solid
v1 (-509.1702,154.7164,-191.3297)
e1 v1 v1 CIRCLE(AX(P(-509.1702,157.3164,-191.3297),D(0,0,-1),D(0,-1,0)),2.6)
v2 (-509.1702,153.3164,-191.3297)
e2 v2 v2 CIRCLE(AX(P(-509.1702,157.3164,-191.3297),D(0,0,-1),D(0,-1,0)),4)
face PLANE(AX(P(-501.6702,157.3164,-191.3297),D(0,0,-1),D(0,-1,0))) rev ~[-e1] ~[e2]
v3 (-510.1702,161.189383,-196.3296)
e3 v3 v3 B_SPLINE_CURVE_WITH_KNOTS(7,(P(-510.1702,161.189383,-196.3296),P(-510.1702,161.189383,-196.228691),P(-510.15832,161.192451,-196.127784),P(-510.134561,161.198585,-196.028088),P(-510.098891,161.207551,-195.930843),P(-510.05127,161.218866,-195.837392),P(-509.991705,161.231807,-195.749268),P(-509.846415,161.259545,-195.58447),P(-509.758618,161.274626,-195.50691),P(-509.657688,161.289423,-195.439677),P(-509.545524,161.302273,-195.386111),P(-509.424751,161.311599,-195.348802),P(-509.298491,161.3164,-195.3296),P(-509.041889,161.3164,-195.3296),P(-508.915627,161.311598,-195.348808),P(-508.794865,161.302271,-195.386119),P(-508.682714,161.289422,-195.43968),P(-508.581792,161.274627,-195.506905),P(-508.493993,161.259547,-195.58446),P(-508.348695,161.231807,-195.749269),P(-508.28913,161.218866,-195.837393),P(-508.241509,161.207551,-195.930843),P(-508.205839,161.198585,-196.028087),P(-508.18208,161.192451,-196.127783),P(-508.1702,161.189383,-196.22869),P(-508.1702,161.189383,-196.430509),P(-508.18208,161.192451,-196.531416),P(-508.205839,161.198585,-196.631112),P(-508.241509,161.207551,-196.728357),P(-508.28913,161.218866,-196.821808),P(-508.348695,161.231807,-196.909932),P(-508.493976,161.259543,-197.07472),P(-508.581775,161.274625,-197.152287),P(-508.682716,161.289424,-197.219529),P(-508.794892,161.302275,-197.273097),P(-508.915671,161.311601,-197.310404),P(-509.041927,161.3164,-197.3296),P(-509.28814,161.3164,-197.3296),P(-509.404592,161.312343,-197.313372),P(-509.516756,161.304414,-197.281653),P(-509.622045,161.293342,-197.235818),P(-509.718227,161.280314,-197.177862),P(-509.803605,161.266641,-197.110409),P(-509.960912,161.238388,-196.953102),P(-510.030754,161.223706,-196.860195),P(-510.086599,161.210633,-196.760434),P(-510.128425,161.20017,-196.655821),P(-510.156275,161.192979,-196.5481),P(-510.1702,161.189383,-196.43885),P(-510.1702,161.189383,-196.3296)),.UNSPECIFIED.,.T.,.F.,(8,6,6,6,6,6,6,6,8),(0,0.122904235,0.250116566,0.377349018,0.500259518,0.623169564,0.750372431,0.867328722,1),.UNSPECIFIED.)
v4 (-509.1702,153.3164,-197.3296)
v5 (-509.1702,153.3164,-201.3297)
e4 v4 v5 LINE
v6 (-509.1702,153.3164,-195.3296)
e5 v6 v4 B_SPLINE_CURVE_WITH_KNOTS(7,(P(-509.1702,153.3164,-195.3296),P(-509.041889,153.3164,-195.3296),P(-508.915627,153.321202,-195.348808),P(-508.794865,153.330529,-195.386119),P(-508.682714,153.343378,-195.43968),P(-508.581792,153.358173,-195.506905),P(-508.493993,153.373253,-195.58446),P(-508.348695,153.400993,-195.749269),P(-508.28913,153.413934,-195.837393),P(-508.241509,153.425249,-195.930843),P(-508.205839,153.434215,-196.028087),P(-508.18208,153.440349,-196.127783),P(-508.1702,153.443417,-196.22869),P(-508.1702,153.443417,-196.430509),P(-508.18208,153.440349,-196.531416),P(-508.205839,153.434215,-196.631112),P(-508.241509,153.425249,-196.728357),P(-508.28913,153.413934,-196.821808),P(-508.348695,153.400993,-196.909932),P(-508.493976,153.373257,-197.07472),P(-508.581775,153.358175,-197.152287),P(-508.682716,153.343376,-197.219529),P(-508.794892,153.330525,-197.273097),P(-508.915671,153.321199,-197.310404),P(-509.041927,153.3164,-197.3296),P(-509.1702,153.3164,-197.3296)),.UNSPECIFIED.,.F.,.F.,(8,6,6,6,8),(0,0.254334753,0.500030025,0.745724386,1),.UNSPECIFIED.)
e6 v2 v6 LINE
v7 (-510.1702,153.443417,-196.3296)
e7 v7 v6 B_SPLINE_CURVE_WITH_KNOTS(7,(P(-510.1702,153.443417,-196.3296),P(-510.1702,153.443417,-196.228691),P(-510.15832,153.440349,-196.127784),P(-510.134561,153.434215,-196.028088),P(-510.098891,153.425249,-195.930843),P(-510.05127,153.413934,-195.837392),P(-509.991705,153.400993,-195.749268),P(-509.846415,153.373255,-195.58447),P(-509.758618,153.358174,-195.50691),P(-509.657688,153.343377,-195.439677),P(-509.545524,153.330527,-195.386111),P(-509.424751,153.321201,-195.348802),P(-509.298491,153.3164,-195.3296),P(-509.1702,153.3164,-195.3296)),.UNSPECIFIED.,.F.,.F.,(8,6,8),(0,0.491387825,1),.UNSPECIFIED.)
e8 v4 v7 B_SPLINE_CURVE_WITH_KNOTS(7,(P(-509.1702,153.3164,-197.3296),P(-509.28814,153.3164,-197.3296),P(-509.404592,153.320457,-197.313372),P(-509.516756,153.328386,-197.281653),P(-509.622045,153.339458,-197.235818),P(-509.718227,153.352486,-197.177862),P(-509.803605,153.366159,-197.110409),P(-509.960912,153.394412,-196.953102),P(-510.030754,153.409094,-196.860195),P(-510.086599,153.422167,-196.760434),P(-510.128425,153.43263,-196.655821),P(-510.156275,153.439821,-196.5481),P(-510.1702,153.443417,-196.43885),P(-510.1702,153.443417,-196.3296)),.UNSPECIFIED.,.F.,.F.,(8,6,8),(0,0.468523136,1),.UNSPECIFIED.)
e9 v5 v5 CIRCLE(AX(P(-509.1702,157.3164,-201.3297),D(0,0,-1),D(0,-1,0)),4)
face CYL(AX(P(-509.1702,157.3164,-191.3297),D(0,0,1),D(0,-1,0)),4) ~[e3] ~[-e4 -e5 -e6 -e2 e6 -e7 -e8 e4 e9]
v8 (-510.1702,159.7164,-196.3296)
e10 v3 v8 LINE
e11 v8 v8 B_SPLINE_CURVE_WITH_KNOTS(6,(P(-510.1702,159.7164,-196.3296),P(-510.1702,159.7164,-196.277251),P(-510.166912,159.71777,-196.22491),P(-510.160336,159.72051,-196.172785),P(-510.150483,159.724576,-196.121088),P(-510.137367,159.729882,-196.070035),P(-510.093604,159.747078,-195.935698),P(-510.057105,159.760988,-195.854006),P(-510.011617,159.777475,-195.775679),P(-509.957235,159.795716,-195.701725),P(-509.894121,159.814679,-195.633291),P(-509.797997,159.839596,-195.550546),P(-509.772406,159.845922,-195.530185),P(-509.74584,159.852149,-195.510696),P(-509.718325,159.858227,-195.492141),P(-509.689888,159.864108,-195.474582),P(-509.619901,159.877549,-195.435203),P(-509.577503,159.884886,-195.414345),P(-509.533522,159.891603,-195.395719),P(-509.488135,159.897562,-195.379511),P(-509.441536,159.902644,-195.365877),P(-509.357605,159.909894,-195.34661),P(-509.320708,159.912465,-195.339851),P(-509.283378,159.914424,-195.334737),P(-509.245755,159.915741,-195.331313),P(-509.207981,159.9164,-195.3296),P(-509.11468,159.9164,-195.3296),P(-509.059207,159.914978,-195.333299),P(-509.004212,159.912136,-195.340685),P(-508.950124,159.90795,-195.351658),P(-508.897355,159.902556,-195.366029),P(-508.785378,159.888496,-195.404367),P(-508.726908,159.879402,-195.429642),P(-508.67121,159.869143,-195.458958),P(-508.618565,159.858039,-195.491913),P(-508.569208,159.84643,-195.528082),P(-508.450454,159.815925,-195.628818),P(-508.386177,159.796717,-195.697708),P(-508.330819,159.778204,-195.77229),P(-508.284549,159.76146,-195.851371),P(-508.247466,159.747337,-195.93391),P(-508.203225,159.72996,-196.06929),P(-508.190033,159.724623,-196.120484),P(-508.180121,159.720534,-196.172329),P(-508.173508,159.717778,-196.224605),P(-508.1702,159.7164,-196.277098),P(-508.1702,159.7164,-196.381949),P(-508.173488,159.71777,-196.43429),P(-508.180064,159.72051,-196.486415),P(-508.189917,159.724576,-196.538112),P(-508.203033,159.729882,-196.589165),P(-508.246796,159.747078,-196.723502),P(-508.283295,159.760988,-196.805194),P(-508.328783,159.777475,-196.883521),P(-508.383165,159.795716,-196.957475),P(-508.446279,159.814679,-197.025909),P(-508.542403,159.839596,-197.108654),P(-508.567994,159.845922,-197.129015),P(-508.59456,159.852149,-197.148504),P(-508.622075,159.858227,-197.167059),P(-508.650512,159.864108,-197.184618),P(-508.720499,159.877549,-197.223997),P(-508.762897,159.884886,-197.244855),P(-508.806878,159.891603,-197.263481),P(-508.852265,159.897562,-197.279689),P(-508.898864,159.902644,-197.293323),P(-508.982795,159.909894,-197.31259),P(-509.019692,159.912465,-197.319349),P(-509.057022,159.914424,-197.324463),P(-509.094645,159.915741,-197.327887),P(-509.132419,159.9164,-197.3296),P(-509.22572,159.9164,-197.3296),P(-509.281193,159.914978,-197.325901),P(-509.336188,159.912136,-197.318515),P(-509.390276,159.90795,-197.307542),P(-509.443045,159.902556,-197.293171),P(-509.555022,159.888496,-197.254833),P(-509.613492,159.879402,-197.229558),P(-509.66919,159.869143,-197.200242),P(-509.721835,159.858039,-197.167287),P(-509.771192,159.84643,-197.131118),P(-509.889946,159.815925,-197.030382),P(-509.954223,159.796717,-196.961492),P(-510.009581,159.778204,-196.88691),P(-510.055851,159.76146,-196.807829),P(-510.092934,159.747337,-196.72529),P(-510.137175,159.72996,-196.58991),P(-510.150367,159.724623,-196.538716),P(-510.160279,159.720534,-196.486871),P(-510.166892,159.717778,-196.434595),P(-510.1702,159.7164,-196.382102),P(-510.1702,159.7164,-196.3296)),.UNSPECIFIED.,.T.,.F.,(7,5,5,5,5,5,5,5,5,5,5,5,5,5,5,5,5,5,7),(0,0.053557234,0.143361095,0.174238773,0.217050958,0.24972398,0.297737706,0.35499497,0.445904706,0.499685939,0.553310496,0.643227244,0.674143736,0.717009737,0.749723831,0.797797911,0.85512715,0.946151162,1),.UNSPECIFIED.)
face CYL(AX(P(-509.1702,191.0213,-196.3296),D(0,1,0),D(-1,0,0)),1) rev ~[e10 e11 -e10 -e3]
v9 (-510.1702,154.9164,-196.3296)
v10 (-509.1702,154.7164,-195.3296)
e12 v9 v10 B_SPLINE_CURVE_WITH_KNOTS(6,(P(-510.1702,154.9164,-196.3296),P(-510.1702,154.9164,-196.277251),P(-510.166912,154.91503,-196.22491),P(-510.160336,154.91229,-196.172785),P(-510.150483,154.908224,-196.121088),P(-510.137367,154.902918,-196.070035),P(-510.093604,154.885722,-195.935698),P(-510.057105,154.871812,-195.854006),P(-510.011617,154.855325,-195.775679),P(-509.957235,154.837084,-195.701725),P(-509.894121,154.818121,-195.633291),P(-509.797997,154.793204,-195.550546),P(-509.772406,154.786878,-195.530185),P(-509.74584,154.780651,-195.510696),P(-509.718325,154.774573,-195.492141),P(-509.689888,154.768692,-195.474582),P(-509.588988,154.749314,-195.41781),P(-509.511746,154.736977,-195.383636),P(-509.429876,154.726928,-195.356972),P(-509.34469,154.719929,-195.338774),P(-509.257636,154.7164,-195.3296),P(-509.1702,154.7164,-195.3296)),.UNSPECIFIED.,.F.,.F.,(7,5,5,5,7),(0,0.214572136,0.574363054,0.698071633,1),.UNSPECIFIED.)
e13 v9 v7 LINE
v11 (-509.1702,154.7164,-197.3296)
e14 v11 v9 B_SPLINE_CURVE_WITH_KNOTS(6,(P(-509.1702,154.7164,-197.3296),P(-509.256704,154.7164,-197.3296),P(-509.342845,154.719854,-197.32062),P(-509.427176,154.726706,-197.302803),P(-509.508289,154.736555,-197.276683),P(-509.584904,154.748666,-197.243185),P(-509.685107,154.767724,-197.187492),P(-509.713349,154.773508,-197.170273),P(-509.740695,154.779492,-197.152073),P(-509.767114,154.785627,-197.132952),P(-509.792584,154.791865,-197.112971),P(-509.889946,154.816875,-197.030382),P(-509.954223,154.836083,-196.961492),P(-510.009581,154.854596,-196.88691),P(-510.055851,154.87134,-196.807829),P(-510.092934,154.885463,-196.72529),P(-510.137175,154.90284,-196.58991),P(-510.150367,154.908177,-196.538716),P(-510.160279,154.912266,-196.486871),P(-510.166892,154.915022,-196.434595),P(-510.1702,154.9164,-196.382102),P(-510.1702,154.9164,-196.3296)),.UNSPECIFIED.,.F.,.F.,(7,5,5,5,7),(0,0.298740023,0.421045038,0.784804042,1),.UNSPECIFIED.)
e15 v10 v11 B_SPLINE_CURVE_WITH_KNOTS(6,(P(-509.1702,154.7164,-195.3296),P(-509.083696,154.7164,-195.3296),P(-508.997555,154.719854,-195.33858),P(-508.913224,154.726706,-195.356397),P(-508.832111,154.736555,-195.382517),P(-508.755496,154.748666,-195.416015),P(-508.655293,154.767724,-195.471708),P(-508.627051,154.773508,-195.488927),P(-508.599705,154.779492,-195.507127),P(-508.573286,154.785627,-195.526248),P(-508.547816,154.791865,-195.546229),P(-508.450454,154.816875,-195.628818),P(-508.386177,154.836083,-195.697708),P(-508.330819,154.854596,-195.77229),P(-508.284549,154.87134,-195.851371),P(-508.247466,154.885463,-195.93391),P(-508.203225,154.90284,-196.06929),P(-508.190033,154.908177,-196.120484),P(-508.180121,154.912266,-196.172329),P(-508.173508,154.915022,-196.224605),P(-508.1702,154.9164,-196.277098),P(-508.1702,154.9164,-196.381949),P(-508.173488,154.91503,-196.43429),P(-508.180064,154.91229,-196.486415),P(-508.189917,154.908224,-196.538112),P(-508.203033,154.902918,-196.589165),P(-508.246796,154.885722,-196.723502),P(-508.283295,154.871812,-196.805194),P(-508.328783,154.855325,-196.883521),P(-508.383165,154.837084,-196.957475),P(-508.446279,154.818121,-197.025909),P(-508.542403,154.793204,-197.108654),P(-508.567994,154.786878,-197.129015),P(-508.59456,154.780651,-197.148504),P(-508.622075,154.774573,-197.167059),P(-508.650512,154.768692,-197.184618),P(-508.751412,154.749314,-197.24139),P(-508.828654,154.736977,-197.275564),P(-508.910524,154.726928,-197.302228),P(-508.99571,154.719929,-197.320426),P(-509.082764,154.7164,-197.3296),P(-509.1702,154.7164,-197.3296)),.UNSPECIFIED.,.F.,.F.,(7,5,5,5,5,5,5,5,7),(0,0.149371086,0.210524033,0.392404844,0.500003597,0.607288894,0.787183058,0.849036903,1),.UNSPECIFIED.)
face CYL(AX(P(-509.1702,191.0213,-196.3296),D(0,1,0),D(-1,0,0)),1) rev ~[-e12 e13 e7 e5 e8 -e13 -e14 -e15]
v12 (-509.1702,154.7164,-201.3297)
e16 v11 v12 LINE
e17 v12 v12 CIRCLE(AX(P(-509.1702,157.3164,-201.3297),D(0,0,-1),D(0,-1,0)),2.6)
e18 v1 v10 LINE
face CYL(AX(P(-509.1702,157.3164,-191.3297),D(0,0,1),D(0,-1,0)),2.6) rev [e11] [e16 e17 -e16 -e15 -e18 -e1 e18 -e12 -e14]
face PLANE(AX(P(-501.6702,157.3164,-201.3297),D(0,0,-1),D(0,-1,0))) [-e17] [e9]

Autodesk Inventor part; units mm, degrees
ref_plane "YZ Plane" through (0, 0, 0) normal (1, 0, 0) x (0, 1, 0)
ref_plane "XZ Plane" through (0, 0, 0) normal (0, 1, 0) x (-1, 0, 0)
ref_plane "XY Plane" through (0, 0, 0) normal (0, 0, 1) x (1, 0, 0)
ref_plane "РабПлоскость1" through (-501.6702, 157.3164, -191.3297) normal (0, 0, -1) x (0, -1, 0)
sketch "Эскиз1" plane through (-501.6702, 157.3164, -191.3297) normal (0, 0, -1) x (0, -1, 0)
  arc A0 (-15, 7.5) -> (15, 7.5) centre (0, 7.5) ccw projected
  arc A1 (-7.1, 7.5) -> (7.1, 7.5) centre (0, 7.5) ccw projected
  circle A2 centre (0, 7.5) radius 2.5 projected
  circle A3 centre (0, 7.5) radius 2.6
  circle A4 centre (0, 7.5) radius 4
  point P0 (157.3164, -501.6702)
  dimension "d0" = 5.2
  dimension "d1" = 8
extrude "Выдавливание1" add sketch "Эскиз1" along normal blind 10 contours A4
ref_plane "РабПлоскость2" through (-420.6465, 191.0213, -153.8296) normal (0, 1, 0) x (-1, 0, 0)
sketch "Эскиз2" plane through (-420.6465, 191.0213, -153.8296) normal (0, 1, 0) x (-1, 0, 0)
  circle A0 centre (88.5237, -42.5) radius 1
  ellipse E0 centre (88.5237, -47.5) end of major axis (92.5237, -47.5) minor radius 0 projected
  line L0 (84.5237, -37.5) -> (84.5237, -47.5) projected
  point P0 (-420.6465, 153.8296)
  dimension "d4" = 2
  dimension "d5" = 5
  dimension "d6" = 4
extrude "Выдавливание2" cut sketch "Эскиз2" against normal blind 61.25
properties part number "стопорное почти кольцо"
